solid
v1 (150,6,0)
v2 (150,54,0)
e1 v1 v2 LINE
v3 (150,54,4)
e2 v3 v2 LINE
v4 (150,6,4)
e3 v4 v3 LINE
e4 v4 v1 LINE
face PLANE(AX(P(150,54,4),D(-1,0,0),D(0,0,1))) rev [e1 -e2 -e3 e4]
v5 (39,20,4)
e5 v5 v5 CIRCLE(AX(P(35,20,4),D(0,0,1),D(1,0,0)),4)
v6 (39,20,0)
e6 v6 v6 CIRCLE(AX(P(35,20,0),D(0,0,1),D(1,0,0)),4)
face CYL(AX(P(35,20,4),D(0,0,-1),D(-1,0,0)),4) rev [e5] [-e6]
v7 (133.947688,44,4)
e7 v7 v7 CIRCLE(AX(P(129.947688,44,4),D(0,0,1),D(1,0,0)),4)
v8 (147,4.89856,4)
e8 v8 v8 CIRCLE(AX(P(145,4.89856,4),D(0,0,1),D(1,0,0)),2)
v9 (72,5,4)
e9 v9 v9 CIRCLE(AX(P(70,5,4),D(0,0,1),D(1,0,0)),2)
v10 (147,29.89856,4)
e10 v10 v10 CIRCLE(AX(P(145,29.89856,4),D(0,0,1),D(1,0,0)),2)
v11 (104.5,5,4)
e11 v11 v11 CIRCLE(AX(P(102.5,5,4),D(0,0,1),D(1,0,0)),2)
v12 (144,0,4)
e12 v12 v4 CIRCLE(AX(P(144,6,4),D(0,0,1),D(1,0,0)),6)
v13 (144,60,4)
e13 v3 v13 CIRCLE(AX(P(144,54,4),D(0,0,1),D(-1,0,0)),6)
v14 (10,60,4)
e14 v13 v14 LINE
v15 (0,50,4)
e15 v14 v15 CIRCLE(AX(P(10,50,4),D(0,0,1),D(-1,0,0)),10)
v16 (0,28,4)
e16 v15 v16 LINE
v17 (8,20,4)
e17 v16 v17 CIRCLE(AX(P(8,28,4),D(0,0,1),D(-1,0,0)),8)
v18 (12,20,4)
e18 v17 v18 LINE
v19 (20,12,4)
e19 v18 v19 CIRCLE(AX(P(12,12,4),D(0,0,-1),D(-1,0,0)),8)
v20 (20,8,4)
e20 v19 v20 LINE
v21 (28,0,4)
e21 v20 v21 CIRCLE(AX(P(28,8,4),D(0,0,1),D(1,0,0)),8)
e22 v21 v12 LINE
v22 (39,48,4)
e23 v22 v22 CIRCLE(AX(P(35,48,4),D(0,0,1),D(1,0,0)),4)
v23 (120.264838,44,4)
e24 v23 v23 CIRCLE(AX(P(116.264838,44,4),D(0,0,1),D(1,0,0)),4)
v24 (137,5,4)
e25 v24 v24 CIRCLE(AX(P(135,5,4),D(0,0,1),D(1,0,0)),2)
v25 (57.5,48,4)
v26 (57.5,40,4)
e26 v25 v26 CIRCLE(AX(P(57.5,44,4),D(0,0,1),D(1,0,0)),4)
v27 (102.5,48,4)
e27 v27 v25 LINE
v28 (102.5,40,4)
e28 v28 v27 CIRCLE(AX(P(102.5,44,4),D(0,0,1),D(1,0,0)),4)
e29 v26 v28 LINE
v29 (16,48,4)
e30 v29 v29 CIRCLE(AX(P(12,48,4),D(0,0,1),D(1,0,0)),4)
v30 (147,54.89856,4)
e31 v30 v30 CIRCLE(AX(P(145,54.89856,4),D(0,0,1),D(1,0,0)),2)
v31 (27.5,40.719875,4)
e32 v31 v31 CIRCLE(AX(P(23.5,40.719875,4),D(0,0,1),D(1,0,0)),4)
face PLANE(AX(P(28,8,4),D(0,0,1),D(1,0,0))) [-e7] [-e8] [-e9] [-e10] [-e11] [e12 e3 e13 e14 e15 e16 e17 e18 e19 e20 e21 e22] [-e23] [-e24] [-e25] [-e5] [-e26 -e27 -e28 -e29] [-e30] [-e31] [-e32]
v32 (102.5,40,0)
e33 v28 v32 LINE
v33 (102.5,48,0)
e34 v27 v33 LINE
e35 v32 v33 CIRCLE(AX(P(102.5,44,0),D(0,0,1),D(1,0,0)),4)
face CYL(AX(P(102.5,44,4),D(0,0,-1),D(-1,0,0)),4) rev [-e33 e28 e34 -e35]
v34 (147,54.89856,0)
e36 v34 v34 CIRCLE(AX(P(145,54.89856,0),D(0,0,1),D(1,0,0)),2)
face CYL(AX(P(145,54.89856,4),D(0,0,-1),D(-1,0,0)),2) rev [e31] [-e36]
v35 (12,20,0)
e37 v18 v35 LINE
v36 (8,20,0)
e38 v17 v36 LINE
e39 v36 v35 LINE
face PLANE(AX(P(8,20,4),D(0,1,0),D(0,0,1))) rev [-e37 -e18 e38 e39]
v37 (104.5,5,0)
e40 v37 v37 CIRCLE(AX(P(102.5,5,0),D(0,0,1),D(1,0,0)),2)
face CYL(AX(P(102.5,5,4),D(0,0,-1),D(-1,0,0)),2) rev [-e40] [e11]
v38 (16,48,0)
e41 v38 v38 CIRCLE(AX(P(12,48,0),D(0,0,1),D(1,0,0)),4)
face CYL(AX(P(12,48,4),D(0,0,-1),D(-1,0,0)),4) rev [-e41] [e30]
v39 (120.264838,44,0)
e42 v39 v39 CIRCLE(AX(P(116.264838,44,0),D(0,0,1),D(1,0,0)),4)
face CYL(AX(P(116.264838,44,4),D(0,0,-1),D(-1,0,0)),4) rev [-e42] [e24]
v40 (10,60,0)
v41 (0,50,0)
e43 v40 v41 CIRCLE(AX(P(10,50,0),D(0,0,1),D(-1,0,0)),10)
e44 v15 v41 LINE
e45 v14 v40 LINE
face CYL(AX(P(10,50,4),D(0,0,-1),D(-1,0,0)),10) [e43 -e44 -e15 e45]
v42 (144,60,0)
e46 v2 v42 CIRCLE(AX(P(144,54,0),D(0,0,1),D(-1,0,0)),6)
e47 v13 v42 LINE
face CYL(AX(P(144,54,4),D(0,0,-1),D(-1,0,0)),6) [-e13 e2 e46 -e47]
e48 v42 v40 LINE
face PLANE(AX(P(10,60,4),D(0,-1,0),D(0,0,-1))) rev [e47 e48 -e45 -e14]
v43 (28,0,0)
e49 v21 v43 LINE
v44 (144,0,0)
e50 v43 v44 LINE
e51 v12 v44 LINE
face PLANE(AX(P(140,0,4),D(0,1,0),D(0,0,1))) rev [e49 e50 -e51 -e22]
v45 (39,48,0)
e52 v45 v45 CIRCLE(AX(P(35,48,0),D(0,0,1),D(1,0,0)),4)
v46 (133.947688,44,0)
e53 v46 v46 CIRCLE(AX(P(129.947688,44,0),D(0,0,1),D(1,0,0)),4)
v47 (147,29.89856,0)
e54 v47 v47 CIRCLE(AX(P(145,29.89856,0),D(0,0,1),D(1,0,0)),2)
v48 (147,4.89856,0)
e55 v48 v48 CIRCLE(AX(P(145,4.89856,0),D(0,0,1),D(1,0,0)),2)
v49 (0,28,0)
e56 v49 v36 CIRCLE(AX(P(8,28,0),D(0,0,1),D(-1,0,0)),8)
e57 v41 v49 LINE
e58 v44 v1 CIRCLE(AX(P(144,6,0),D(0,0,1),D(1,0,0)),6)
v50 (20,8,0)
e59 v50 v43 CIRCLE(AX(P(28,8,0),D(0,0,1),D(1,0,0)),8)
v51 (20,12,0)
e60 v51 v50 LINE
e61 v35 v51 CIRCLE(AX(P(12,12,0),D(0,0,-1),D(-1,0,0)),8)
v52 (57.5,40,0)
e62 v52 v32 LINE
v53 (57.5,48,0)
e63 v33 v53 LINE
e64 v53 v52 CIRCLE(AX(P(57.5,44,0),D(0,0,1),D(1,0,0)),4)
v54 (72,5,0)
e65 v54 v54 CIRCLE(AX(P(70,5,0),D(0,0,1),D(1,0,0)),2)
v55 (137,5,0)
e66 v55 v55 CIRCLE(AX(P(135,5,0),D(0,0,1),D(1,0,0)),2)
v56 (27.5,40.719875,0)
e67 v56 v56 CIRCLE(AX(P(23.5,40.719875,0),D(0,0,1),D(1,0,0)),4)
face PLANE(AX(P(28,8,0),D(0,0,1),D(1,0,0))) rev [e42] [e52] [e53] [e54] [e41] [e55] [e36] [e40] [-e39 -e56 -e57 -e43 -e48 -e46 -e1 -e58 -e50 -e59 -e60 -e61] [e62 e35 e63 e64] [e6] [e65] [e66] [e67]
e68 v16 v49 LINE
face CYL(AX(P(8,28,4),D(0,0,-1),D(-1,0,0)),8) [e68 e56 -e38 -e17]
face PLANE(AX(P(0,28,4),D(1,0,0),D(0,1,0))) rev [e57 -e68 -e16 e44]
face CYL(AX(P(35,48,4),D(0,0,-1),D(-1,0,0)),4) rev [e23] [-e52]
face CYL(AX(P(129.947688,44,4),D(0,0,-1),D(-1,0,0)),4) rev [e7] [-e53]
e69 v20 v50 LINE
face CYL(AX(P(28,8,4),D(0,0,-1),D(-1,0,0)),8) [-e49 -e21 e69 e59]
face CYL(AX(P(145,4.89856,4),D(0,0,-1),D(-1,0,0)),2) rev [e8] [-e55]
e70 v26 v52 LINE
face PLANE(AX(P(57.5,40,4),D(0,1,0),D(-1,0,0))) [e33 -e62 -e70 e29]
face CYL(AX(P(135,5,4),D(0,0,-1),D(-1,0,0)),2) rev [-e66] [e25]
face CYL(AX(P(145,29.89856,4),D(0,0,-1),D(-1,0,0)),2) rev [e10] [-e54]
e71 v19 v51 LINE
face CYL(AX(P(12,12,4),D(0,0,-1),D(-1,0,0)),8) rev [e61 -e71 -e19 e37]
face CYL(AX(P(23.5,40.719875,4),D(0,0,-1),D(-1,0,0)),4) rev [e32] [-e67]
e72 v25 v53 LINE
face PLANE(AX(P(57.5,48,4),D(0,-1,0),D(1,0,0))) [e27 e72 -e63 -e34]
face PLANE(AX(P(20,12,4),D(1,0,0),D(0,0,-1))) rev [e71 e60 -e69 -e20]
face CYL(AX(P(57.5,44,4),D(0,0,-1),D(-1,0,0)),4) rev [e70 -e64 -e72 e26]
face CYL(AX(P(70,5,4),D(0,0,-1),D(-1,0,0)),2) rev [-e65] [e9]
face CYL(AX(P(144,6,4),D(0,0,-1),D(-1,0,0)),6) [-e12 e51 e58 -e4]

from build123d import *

# Parameters (mm, degrees)
SKETCH1_R           = 4
SKETCH1_R_2         = 2
BOSS_EXTRUDE1_DEPTH = 4


with BuildPart() as part:
    # Sketch1 → Boss-Extrude1 (new body)
    with BuildSketch(Plane.XY):
        with BuildLine():
            Line((28, 0), (140, 0))
            Line((140, 0), (144, 0))
            ThreePointArc((144, 0), (148.242640687, 1.757359313), (150, 6))
            Line((150, 6), (150, 54))
            ThreePointArc((150, 54), (148.242640687, 58.242640687), (144, 60))
            Line((144, 60), (140, 60))
            Line((140, 60), (10, 60))
            ThreePointArc((10, 60), (2.928932188, 57.071067812), (0, 50))
            Line((0, 50), (0, 28))
            ThreePointArc((0, 28), (2.343145751, 22.343145751), (8, 20))
            Line((8, 20), (12, 20))
            ThreePointArc((12, 20), (17.656854249, 17.656854249), (20, 12))
            Line((20, 12), (20, 8))
            ThreePointArc((20, 8), (22.343145751, 2.343145751), (28, 0))
        make_face()
        with Locations((35, 20)):
            Circle(SKETCH1_R, mode=Mode.SUBTRACT)
        with Locations((116.264838239, 44)):
            Circle(SKETCH1_R, mode=Mode.SUBTRACT)
        with Locations((129.947688147, 44)):
            Circle(SKETCH1_R, mode=Mode.SUBTRACT)
        with Locations((12, 48)):
            Circle(SKETCH1_R, mode=Mode.SUBTRACT)
        with Locations((23.5, 40.719874776)):
            Circle(SKETCH1_R, mode=Mode.SUBTRACT)
        with Locations((35, 48)):
            Circle(SKETCH1_R, mode=Mode.SUBTRACT)
        with Locations((135, 5)):
            Circle(SKETCH1_R_2, mode=Mode.SUBTRACT)
        with Locations((102.5, 5)):
            Circle(SKETCH1_R_2, mode=Mode.SUBTRACT)
        with Locations((70, 5)):
            Circle(SKETCH1_R_2, mode=Mode.SUBTRACT)
        with Locations((145, 54.898560305)):
            Circle(SKETCH1_R_2, mode=Mode.SUBTRACT)
        with Locations((145, 29.898560305)):
            Circle(SKETCH1_R_2, mode=Mode.SUBTRACT)
        with Locations((145, 4.898560305)):
            Circle(SKETCH1_R_2, mode=Mode.SUBTRACT)
        with BuildLine():
            Line((57.5, 48), (102.5, 48))
            ThreePointArc((102.5, 48), (106.5, 44), (102.5, 40))
            Line((102.5, 40), (57.5, 40))
            ThreePointArc((57.5, 40), (53.5, 44), (57.5, 48))
        make_face(mode=Mode.SUBTRACT)
    extrude(amount=BOSS_EXTRUDE1_DEPTH)


solid = part.part
